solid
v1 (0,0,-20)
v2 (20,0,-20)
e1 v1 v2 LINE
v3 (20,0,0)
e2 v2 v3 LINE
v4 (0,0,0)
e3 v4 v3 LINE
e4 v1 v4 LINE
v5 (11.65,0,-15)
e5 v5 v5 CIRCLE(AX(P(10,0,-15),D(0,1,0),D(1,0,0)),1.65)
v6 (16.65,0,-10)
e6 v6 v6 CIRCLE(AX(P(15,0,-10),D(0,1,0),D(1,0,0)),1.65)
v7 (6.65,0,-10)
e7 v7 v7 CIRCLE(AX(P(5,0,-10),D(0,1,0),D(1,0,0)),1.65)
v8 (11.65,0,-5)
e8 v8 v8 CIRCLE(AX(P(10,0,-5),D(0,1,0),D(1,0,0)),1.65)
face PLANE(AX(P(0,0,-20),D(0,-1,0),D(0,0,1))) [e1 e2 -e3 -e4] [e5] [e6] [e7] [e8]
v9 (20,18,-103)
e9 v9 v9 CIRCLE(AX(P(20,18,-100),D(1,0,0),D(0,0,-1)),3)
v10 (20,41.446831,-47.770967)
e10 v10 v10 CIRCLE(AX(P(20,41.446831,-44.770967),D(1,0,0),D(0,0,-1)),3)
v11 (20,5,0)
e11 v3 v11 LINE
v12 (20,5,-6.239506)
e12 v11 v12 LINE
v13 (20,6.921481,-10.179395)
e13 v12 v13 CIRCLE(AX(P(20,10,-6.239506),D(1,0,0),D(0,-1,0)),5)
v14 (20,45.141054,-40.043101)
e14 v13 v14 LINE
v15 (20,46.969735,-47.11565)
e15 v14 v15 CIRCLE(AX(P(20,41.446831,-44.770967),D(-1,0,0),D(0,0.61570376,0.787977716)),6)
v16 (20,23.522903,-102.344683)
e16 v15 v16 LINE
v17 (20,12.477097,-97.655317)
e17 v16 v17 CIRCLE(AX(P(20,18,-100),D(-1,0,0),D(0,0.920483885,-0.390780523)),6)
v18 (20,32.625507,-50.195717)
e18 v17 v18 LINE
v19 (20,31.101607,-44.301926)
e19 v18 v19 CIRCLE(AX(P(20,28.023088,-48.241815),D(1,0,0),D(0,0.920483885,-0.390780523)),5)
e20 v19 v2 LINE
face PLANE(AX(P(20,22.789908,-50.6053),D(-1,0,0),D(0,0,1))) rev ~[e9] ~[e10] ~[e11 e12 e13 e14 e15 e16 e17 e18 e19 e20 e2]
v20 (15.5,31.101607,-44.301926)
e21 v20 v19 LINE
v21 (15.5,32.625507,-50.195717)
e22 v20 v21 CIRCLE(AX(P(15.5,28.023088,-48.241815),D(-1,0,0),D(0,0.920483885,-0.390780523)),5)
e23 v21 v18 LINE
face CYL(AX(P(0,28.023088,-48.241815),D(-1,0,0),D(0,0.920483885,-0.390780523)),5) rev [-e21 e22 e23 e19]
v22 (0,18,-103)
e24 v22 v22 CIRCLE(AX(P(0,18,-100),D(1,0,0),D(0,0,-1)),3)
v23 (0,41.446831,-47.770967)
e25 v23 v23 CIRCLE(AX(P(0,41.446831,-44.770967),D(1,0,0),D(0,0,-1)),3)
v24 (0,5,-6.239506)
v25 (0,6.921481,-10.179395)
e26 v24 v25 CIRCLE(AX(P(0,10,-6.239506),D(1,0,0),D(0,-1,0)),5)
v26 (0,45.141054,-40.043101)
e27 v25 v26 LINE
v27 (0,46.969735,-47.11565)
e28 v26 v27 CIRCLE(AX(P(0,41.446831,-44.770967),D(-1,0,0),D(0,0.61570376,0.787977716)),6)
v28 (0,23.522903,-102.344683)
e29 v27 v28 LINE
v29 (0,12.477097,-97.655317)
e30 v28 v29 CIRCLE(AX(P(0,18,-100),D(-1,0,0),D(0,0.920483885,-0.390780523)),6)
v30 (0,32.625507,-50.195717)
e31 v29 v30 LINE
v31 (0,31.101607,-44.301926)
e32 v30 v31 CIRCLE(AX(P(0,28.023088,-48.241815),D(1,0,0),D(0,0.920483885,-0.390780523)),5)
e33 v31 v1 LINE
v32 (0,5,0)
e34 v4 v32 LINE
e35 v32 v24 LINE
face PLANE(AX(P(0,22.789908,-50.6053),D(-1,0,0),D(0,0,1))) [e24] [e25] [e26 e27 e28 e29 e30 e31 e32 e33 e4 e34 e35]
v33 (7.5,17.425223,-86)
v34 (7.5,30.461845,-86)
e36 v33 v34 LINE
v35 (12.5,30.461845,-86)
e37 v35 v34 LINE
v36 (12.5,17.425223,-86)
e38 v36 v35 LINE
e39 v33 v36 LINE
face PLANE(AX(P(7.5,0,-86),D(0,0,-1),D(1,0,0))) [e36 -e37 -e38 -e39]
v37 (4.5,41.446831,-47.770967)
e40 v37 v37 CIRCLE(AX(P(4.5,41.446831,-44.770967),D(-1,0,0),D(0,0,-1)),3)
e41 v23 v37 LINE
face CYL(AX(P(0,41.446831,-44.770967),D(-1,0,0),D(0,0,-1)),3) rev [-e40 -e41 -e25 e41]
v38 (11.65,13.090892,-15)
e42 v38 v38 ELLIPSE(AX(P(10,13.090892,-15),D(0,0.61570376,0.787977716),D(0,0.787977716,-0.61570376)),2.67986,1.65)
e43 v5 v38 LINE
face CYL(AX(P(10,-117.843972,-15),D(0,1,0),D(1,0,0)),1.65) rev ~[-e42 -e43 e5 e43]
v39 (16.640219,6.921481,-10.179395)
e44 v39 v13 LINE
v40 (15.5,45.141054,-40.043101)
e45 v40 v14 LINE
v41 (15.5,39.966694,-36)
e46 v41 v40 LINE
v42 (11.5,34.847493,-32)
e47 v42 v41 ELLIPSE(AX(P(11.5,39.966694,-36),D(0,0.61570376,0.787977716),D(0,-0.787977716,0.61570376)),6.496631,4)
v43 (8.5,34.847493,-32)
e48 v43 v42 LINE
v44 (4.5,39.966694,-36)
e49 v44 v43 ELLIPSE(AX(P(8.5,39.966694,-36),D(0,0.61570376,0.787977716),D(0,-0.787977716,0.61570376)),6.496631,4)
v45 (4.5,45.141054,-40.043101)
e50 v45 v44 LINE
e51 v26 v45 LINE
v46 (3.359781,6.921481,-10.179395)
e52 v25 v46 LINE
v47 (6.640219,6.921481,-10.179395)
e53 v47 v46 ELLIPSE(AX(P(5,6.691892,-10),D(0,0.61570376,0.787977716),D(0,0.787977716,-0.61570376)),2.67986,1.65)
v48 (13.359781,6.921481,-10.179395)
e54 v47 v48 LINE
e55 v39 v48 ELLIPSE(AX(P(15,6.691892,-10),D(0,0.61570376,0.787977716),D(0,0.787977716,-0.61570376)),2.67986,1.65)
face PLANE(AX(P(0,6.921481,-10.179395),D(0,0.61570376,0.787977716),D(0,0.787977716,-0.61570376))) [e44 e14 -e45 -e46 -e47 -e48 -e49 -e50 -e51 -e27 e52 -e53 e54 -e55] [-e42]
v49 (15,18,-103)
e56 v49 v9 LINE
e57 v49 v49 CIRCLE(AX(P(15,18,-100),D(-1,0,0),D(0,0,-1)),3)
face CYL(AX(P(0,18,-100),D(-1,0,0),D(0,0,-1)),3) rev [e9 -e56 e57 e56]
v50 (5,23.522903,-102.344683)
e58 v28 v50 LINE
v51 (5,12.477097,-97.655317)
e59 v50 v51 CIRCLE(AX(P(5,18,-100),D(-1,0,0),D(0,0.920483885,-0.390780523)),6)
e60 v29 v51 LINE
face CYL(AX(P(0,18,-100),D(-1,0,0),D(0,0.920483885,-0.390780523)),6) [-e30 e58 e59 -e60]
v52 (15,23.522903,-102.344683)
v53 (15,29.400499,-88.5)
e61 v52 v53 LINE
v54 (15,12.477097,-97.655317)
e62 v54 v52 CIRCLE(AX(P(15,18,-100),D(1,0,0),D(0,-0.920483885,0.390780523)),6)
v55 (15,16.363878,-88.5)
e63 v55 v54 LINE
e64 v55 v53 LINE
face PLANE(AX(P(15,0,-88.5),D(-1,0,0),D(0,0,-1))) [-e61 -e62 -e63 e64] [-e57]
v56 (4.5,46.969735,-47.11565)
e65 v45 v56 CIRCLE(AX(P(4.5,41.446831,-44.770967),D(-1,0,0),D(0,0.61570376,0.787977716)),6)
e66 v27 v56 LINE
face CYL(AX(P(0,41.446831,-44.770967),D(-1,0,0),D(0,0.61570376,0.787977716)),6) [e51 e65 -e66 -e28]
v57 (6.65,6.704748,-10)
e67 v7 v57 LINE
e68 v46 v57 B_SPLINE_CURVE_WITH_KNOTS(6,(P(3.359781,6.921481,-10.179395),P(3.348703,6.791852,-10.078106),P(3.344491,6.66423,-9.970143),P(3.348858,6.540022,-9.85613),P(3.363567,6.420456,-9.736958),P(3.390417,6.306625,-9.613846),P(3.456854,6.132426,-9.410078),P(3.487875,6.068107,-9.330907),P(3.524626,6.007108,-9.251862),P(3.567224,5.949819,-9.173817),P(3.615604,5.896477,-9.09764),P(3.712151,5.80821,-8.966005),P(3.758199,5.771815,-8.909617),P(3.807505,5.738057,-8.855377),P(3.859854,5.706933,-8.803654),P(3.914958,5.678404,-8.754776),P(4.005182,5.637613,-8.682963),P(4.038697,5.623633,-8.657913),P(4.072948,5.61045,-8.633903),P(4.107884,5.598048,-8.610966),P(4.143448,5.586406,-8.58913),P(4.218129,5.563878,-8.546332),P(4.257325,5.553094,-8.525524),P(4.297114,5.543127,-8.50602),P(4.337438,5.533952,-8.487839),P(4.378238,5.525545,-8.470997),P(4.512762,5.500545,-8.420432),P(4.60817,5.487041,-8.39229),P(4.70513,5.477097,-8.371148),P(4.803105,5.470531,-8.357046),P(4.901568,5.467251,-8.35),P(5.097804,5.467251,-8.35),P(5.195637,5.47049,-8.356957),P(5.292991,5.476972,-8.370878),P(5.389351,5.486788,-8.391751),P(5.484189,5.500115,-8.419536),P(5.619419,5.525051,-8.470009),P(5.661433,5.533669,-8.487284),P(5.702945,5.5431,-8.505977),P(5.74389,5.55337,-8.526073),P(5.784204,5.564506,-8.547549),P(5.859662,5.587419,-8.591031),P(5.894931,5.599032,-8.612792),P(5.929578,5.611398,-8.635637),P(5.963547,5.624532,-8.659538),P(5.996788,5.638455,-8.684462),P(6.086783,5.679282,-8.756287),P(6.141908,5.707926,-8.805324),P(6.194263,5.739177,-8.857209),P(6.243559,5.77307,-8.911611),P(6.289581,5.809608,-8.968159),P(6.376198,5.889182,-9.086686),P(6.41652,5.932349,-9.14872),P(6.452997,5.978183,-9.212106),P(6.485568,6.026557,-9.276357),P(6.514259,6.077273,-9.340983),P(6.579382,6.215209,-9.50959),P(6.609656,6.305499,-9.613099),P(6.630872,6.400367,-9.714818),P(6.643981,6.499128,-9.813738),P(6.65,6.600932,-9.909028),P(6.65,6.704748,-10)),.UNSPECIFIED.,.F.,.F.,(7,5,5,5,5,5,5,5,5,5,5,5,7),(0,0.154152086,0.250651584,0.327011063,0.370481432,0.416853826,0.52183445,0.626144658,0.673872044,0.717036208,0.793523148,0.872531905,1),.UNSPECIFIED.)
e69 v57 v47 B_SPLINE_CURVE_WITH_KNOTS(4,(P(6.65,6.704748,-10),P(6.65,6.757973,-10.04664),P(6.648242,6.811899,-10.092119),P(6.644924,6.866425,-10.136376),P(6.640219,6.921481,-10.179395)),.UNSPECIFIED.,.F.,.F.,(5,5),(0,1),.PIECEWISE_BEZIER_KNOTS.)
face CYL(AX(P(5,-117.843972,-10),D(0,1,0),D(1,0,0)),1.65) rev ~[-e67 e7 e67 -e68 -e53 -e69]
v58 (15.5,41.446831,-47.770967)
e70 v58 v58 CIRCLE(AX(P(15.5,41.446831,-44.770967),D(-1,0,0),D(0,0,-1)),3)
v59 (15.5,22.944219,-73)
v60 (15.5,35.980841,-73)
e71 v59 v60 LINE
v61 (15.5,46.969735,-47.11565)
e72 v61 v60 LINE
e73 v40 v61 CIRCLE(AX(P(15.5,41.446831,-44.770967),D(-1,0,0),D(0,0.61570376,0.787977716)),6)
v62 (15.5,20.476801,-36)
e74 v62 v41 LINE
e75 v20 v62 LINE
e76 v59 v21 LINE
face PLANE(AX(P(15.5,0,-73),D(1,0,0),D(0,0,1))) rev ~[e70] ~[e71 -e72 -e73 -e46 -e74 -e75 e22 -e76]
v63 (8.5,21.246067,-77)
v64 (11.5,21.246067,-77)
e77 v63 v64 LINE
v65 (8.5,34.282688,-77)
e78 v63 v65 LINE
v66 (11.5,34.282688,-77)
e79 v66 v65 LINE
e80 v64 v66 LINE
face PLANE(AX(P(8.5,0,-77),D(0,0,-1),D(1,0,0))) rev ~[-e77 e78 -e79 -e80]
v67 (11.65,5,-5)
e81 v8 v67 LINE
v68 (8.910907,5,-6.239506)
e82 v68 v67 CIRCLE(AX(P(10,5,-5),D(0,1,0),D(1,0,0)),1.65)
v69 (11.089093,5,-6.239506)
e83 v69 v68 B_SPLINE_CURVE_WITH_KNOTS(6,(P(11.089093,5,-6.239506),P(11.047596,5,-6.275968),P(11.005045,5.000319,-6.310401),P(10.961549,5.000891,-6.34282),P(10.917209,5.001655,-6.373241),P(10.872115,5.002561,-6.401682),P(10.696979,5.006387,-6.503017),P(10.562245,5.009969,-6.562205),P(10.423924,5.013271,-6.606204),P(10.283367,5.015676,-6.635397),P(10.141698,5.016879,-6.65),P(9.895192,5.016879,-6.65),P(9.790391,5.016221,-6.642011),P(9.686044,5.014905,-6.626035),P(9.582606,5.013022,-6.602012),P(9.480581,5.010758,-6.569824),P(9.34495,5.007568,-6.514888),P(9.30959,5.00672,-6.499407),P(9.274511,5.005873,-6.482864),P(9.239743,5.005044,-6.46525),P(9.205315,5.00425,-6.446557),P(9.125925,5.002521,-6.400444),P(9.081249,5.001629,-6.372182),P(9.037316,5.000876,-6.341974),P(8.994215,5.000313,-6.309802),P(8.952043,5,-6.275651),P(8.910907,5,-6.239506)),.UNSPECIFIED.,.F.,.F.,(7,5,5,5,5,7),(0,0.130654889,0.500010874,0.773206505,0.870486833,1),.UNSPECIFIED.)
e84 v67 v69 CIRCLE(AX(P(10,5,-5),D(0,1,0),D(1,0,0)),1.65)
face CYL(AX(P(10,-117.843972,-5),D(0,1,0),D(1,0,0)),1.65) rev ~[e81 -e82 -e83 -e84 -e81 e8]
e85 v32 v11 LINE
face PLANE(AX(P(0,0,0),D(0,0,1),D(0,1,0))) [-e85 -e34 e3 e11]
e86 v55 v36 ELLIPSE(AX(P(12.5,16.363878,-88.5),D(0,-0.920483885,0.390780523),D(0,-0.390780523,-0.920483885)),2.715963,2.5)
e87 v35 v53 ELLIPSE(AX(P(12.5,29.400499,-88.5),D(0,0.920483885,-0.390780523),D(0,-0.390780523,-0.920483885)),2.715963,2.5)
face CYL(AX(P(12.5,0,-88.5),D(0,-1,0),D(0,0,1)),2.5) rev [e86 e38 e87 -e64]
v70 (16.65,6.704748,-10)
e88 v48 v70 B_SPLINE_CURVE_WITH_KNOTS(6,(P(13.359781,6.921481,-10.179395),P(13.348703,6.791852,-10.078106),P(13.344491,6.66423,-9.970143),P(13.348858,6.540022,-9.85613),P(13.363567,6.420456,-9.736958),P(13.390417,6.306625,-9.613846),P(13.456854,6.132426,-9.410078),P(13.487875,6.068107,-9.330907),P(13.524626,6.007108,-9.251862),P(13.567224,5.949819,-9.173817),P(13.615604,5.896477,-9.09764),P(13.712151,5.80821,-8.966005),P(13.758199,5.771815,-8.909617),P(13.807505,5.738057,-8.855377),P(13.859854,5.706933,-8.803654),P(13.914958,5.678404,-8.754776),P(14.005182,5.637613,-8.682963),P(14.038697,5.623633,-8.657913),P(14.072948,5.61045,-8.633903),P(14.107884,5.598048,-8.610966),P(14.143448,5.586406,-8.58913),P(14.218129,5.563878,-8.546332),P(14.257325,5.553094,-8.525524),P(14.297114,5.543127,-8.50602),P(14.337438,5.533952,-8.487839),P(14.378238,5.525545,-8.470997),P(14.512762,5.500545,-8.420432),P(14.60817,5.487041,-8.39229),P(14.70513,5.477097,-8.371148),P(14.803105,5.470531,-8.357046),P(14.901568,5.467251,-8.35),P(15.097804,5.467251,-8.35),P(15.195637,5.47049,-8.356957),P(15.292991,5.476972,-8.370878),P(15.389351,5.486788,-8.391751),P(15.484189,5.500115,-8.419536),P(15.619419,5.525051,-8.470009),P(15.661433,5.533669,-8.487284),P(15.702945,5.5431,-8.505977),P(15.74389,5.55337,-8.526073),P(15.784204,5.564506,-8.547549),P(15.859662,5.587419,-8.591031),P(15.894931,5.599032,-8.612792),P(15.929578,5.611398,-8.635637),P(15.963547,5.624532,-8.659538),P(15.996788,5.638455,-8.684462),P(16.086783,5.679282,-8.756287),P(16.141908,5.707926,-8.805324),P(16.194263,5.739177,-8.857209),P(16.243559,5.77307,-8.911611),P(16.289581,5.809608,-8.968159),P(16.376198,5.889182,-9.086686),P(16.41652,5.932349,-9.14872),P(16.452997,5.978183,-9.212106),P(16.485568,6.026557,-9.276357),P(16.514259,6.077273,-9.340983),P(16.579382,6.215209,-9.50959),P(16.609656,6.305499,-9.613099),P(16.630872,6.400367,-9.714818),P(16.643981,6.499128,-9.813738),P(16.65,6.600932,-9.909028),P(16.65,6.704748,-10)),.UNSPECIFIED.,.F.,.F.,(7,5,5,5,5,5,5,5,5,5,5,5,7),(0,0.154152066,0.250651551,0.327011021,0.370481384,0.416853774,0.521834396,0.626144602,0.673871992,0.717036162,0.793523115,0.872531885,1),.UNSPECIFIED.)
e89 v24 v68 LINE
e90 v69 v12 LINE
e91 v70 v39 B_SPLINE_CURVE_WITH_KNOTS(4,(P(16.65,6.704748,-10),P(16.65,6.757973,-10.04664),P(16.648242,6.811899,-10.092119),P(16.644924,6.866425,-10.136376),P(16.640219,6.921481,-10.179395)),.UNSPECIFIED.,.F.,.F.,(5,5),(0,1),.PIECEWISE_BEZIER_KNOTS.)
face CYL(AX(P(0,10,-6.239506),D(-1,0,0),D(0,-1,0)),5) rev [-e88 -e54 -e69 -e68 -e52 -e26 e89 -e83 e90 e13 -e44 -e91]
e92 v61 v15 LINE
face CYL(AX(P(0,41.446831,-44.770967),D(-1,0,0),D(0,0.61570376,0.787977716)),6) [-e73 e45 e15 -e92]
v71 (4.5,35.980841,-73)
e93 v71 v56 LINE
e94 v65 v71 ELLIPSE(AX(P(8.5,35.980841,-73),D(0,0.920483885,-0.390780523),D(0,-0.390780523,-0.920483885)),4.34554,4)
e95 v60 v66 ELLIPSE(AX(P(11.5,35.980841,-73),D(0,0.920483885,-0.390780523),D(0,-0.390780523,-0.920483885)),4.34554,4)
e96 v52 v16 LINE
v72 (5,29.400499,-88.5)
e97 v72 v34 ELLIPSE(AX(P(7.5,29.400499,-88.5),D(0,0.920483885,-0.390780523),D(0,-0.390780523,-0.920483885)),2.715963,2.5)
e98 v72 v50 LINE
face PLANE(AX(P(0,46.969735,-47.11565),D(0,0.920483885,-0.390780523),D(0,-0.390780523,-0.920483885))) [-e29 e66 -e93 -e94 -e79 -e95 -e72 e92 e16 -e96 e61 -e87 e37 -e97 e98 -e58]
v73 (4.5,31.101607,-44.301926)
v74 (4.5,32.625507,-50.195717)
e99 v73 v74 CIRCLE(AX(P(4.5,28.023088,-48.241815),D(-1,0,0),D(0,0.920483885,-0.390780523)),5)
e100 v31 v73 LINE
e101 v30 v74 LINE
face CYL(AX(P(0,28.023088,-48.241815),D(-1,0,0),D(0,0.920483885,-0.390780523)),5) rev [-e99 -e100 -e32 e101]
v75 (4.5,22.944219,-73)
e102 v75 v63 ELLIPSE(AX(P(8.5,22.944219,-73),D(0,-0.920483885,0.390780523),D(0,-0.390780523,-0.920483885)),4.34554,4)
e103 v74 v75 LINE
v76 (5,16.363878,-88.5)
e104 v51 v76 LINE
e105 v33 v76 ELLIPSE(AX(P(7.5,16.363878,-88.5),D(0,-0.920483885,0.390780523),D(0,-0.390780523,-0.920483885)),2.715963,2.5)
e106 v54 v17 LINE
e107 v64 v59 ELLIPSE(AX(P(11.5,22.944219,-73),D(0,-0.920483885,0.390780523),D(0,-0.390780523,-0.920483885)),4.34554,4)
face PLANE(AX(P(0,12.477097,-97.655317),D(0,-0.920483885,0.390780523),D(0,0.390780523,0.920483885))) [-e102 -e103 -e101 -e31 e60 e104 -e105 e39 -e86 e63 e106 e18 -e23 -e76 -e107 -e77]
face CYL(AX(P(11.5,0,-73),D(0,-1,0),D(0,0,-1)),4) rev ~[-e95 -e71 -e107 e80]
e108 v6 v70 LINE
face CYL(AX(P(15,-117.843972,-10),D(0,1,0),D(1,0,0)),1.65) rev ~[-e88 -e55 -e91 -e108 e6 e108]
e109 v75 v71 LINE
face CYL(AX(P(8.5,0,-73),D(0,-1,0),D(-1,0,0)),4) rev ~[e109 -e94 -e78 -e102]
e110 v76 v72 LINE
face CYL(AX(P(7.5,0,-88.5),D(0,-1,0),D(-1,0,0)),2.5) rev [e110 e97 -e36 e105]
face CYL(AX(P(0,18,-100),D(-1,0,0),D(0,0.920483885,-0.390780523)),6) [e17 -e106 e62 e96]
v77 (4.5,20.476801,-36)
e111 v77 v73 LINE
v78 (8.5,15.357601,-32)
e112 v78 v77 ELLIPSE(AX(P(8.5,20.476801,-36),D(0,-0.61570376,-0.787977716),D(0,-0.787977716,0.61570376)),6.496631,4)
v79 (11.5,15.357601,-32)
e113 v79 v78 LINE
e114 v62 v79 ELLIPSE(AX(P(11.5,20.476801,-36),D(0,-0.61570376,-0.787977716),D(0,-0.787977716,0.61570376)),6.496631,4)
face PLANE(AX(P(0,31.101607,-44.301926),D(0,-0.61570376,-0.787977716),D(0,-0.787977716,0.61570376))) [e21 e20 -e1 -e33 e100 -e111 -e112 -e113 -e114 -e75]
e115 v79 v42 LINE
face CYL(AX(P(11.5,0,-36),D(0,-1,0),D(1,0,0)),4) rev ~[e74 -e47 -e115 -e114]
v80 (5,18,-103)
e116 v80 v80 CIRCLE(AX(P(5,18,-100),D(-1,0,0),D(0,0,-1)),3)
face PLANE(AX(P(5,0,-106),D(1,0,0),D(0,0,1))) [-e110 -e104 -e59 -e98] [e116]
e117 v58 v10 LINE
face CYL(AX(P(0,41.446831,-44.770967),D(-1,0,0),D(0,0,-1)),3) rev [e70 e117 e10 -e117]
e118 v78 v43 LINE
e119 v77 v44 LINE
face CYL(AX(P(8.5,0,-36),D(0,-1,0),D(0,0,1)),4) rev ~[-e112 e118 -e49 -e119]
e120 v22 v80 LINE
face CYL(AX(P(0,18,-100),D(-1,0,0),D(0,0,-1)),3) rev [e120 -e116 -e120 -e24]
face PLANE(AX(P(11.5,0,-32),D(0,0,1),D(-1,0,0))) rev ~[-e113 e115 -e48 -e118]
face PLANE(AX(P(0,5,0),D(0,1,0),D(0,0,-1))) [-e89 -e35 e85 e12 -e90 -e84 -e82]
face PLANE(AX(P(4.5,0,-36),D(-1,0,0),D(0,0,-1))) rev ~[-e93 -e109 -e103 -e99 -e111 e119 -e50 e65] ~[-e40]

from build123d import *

# Parameters (mm, degrees)
ESBO_O1_R                               = 3
RESSALTO_EXTRUS_O1_DEPTH                = 20
BROCA_DE_ROSQUEAR_PARA_TARRAXA_DE_M42_D = 3.3
CORTE_EXTRUS_O1_DEPTH                   = 50
CORTE_EXTRUS_O2_DEPTH                   = 50


with BuildPart() as part:
    # Esboço1 → Ressalto-extrusão1 (new body)
    with BuildSketch(Plane(origin=(0, 0, 0), x_dir=(0, 0, -1), z_dir=(1, 0, 0))):
        with BuildLine():
            Line((0, 0), (0, 5))
            Line((0, 5), (6.239506285, 5))
            ThreePointArc((6.239506285, 5), (8.431241444, 5.505970962), (10.179394863, 6.921481202))
            Line((10.179394863, 6.921481202), (40.043100593, 45.14105393))
            ThreePointArc((40.043100593, 45.14105393), (43.268998574, 47.25579782), (47.115650024, 46.969734684))
            Line((47.115650024, 46.969734684), (102.344683137, 23.522903311))
            ThreePointArc((102.344683137, 23.522903311), (105.522903311, 15.655316863), (97.655316863, 12.477096689))
            Line((97.655316863, 12.477096689), (50.195717148, 32.625507204))
            ThreePointArc((50.195717148, 32.625507204), (46.990174273, 32.86389315), (44.301925956, 31.101606576))
            Line((44.301925956, 31.101606576), (20, 0))
            Line((20, 0), (0, 0))
        make_face()
        with Locations((44.770966887, 41.446831372)):
            Circle(ESBO_O1_R, mode=Mode.SUBTRACT)
        with Locations((100, 18)):
            Circle(ESBO_O1_R, mode=Mode.SUBTRACT)
    extrude(amount=RESSALTO_EXTRUS_O1_DEPTH)

    # Broca de rosquear para tarraxa de M42 (through all)
    with Locations(Plane(origin=(0, 0, 0), x_dir=(-1, 0, 0), z_dir=(0, -1, 0))):
        with Locations((-10, 15), (-10, 5), (-5, 10), (-15, 10)):
            Hole(BROCA_DE_ROSQUEAR_PARA_TARRAXA_DE_M42_D / 2)

    # Esboço10 → Corte-extrusão1 (cut)
    with BuildSketch(Plane(origin=(0, 0, 0), x_dir=(1, 0, 0), z_dir=(0, 1, 0))):
        with BuildLine():
            Line((4.5, 36), (4.5, 73))
            ThreePointArc((4.5, 73), (5.671572875, 75.828427125), (8.5, 77))
            Line((8.5, 77), (11.5, 77))
            ThreePointArc((11.5, 77), (14.328427125, 75.828427125), (15.5, 73))
            Line((15.5, 73), (15.5, 36))
            ThreePointArc((15.5, 36), (14.328427125, 33.171572875), (11.5, 32))
            Line((11.5, 32), (8.5, 32))
            ThreePointArc((8.5, 32), (5.671572875, 33.171572875), (4.5, 36))
        make_face()
    extrude(amount=CORTE_EXTRUS_O1_DEPTH, mode=Mode.SUBTRACT)

    # Esboço11 → Corte-extrusão2 (cut)
    with BuildSketch(Plane(origin=(0, 0, 0), x_dir=(1, 0, 0), z_dir=(0, 1, 0))):
        with BuildLine():
            Line((5, 106), (5, 88.5))
            ThreePointArc((5, 88.5), (5.732233047, 86.732233047), (7.5, 86))
            Line((7.5, 86), (12.5, 86))
            ThreePointArc((12.5, 86), (14.267766953, 86.732233047), (15, 88.5))
            Line((15, 88.5), (15, 106))
            Line((15, 106), (5, 106))
        make_face()
    extrude(amount=CORTE_EXTRUS_O2_DEPTH, mode=Mode.SUBTRACT)


solid = part.part
